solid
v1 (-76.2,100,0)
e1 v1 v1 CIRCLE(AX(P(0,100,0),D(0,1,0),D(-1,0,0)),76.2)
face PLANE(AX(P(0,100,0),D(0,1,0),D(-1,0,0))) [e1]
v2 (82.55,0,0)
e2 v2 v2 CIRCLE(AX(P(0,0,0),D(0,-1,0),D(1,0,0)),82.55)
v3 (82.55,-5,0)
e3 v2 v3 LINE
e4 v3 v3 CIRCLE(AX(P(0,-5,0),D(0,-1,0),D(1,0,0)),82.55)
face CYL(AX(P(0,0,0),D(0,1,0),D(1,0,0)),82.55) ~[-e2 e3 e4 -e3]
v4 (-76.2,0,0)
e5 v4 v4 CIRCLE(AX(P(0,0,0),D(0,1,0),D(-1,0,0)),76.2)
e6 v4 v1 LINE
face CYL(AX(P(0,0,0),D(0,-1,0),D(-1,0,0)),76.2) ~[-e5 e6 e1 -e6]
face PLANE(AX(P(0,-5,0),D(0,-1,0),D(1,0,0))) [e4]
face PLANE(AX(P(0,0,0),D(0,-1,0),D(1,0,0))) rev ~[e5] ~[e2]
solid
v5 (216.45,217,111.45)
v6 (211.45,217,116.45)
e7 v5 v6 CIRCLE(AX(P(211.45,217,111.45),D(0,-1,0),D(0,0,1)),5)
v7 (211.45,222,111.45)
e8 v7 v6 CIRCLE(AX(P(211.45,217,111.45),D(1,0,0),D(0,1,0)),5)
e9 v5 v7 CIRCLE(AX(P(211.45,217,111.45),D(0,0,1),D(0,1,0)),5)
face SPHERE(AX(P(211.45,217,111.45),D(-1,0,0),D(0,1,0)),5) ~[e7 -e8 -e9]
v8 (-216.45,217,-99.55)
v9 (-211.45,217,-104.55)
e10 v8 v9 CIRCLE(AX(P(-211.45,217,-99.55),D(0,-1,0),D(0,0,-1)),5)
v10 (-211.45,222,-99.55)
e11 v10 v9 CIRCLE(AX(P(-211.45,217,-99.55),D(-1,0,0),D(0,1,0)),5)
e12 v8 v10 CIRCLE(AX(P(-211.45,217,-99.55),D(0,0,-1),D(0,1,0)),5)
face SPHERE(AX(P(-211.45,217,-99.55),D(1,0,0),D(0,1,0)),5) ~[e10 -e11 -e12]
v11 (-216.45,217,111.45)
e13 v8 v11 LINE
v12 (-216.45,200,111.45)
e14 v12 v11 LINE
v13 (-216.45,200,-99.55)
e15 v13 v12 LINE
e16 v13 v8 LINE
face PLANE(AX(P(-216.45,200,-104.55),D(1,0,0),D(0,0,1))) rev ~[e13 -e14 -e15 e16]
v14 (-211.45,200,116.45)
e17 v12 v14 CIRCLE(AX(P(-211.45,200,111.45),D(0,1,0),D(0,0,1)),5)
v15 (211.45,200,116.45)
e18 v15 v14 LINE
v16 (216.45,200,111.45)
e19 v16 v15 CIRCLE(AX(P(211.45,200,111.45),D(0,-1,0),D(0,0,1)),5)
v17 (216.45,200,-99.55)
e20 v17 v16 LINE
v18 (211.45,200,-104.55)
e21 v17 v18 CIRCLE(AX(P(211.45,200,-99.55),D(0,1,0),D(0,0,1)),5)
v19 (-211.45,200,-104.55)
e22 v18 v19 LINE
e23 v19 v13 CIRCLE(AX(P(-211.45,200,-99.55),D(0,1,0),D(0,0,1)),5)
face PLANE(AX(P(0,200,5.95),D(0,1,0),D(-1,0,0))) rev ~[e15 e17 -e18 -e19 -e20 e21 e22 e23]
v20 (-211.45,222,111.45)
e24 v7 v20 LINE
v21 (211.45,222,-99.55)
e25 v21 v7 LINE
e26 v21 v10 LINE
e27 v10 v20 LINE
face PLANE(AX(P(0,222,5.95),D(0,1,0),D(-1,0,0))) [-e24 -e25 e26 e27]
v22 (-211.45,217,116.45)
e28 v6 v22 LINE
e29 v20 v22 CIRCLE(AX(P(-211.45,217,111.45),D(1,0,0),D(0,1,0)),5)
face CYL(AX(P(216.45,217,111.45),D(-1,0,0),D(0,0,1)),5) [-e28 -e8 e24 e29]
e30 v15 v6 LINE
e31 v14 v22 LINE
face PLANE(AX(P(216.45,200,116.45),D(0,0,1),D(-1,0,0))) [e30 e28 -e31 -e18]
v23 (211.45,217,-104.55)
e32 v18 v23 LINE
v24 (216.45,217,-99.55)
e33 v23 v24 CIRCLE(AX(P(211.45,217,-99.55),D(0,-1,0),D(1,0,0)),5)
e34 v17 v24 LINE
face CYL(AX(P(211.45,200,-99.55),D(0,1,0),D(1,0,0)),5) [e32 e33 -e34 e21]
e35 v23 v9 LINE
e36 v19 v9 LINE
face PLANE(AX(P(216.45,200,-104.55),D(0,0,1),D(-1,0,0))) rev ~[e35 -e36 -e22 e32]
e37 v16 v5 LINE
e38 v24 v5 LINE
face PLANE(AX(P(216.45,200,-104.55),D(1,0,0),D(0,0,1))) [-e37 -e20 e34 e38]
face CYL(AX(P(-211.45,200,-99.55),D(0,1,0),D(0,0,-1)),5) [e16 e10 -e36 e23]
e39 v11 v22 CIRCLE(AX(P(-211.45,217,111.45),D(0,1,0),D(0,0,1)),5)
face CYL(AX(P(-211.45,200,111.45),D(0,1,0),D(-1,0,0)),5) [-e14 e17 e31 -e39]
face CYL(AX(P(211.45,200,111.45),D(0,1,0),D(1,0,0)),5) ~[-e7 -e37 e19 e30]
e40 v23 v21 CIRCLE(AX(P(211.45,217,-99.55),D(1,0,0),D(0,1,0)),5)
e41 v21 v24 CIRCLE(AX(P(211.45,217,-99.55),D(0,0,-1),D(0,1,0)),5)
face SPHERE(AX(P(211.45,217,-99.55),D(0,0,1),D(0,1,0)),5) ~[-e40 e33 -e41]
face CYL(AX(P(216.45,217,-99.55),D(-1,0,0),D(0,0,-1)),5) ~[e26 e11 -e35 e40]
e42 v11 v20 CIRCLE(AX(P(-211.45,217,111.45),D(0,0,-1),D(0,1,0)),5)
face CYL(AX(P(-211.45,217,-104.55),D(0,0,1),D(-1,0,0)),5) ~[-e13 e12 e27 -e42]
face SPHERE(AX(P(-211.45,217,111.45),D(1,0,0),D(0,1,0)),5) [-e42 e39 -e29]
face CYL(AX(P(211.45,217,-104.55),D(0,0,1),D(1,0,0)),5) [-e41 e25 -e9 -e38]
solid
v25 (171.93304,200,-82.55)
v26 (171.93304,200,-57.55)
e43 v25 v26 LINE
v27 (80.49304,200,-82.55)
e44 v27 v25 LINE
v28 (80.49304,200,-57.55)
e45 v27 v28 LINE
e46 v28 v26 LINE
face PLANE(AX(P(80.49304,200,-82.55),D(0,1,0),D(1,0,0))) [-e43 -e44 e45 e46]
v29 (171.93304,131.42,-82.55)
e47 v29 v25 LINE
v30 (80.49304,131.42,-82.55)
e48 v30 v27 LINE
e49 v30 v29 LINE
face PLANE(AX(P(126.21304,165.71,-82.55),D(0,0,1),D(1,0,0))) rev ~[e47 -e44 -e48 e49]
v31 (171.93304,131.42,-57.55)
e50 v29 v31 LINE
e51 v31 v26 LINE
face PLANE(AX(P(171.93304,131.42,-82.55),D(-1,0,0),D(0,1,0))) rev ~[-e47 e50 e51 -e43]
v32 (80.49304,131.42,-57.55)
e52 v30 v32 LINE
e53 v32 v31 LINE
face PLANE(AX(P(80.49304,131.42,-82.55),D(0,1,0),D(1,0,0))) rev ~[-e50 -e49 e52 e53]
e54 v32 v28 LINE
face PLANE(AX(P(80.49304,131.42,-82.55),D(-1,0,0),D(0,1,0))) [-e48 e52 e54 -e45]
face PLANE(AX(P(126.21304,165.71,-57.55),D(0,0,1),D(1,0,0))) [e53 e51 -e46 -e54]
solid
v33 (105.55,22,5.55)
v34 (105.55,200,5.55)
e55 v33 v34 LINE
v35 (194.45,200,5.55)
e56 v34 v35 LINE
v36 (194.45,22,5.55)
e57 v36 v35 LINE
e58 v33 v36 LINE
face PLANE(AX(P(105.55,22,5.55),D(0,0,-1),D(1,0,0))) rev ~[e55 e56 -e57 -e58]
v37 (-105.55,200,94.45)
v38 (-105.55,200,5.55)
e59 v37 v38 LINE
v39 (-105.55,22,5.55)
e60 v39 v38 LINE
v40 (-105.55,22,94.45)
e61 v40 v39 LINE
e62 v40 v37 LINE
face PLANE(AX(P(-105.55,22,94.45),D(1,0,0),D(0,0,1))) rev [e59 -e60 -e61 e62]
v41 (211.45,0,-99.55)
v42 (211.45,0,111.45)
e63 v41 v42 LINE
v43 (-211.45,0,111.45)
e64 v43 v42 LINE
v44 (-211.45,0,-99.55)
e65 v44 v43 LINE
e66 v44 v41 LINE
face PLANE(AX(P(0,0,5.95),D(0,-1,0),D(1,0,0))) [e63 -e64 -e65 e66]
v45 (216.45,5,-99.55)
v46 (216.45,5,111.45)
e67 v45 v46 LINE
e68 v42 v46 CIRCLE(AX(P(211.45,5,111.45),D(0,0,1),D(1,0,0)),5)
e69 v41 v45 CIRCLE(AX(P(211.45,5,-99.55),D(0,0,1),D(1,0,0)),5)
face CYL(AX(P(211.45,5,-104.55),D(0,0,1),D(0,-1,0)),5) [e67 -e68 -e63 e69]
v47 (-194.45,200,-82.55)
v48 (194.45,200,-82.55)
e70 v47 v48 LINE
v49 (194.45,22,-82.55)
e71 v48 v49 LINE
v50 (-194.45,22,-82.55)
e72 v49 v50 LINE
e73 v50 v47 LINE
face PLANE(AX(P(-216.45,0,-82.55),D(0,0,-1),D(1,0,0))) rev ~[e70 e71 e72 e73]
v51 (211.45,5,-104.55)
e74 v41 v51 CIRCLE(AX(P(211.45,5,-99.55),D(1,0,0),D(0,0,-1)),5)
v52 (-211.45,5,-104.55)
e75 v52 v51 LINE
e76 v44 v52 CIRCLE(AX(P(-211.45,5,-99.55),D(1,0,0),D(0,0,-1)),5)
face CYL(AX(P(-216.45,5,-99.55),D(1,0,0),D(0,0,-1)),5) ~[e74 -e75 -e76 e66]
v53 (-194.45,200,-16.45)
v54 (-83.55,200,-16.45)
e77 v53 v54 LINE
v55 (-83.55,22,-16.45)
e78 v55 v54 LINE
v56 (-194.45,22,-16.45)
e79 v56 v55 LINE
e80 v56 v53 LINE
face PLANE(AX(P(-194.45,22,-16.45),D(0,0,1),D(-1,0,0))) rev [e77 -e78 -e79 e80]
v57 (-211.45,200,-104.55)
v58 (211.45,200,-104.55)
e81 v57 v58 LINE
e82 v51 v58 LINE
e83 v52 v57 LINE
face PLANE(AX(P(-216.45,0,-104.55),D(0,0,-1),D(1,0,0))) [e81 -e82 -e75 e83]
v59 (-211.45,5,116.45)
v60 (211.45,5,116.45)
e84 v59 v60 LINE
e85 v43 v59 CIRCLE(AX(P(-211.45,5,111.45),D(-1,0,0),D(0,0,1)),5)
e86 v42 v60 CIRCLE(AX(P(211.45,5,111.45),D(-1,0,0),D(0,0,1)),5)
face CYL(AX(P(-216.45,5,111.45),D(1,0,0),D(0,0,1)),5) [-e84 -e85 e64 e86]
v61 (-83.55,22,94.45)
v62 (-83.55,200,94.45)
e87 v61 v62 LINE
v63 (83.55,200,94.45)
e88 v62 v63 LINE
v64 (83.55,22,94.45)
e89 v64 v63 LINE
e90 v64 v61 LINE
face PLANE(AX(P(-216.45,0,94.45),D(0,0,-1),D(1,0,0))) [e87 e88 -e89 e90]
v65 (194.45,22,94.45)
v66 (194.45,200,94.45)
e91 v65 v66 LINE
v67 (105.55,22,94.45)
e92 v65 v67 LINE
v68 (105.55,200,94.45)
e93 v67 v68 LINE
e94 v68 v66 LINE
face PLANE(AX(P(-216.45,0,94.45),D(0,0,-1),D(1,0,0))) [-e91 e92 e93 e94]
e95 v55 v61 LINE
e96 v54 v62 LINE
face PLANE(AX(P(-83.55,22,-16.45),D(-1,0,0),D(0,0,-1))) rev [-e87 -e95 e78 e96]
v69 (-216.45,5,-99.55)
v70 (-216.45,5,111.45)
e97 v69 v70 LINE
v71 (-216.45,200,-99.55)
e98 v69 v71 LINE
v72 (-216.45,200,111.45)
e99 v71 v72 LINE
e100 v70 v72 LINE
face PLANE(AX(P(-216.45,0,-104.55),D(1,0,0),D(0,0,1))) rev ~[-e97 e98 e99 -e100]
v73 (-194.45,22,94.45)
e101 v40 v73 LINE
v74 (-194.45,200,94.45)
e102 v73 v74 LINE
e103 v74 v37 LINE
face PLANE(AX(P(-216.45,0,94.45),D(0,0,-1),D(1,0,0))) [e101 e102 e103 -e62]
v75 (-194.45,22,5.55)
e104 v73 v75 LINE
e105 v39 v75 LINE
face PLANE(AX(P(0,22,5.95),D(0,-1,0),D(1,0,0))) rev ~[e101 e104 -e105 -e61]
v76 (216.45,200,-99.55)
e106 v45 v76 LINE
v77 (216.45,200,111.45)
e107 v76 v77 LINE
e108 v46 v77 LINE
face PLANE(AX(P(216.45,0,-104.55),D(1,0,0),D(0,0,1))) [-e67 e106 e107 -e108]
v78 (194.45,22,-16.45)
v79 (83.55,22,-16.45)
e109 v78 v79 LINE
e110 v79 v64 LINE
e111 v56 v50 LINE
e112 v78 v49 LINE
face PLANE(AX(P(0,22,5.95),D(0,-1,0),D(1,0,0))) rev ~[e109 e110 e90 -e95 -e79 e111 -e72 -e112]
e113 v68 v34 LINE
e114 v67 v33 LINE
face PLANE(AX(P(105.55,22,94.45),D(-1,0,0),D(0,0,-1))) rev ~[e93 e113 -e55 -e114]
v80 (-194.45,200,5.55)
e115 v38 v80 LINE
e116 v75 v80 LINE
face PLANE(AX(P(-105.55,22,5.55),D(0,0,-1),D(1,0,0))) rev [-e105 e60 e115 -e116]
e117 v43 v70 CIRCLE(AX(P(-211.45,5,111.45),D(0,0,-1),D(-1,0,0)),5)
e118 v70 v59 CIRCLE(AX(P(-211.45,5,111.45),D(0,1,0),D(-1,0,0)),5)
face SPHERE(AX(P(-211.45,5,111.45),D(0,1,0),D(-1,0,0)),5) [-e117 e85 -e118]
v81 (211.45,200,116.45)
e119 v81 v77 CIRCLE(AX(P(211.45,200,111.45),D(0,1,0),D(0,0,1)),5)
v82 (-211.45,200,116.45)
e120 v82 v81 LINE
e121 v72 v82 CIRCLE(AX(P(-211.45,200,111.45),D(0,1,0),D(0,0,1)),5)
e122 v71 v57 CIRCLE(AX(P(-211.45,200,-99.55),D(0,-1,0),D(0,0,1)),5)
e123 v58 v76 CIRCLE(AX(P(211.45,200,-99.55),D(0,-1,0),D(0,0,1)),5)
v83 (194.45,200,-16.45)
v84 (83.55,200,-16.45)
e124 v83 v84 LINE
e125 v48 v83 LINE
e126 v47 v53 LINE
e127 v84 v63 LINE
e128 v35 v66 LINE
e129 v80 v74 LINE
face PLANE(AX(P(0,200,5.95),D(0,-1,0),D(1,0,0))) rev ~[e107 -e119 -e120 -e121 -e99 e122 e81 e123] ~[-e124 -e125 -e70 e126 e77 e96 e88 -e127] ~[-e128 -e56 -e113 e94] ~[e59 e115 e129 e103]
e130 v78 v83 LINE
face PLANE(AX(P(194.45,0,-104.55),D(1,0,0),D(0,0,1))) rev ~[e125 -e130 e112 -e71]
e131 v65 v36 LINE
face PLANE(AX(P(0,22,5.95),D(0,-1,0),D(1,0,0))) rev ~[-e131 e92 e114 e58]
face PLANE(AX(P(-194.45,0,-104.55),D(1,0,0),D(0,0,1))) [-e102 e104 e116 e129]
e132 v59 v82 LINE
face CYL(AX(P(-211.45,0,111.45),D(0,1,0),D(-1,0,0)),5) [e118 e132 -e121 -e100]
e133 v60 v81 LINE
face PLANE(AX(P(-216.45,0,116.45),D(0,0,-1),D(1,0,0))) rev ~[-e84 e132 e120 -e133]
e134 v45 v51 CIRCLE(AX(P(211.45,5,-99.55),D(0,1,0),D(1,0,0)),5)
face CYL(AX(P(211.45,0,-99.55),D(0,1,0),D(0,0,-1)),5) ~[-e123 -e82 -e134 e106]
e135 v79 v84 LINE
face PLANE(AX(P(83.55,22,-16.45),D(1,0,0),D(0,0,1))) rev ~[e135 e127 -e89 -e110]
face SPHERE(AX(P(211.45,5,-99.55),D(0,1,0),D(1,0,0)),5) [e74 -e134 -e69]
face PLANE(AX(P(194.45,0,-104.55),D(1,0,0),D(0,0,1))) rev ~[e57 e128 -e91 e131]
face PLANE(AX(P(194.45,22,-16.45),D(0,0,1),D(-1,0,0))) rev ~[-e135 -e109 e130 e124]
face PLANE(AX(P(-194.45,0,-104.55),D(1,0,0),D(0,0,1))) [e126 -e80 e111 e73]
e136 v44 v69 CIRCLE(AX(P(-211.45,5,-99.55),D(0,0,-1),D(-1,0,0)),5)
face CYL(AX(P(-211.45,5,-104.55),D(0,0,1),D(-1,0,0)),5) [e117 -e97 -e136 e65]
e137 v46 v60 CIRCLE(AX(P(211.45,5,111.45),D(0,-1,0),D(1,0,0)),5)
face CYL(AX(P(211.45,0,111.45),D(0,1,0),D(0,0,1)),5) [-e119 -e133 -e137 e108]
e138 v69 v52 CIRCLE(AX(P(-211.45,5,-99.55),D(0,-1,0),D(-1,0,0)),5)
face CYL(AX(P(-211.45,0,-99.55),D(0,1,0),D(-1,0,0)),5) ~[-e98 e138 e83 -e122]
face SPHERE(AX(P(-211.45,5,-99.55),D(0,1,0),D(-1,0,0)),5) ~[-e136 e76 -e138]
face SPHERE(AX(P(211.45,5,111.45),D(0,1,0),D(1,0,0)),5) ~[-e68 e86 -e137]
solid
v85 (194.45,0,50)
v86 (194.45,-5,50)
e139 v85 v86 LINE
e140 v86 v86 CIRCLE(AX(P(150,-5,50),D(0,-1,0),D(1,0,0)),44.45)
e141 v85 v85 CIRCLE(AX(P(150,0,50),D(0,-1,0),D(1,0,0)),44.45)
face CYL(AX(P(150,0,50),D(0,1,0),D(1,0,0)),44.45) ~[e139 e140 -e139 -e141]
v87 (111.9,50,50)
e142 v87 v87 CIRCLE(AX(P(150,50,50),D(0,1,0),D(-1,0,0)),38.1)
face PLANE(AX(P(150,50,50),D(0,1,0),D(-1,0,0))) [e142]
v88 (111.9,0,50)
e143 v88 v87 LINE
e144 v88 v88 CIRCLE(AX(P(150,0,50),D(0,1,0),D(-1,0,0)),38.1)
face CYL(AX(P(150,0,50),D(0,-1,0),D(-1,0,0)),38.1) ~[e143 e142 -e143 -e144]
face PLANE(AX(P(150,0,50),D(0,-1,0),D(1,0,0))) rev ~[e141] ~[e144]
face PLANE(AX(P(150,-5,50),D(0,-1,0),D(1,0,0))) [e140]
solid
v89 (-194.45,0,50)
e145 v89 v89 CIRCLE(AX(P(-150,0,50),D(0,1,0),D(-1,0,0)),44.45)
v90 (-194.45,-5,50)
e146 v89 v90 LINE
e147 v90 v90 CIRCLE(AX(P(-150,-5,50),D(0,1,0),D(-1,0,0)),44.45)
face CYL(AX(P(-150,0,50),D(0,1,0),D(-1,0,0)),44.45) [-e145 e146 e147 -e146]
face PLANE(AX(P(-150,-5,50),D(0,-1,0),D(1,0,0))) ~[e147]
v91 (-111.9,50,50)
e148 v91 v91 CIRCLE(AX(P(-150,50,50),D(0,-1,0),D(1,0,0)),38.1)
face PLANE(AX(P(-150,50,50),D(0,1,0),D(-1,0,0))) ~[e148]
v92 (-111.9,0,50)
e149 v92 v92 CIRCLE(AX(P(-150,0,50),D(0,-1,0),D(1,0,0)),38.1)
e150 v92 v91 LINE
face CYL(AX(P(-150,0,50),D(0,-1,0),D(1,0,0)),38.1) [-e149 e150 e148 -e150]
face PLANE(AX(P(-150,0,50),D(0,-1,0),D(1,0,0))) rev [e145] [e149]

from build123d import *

# Parameters (mm, degrees)
F3_R      = 82.55
F4_DEPTH  = 5
F5_R      = 76.2
F6_DEPTH  = 100
F7_R      = 44.45
F8_DEPTH  = 5
F9_R      = 38.1
F10_DEPTH = 50
F12_W     = 432.9
F12_H     = 221
F13_DEPTH = 200
F14_T     = -22
F16_DEPTH = 178
F18_W     = 91.44
F18_H     = 68.58
F19_DEPTH = 25
F20_W     = 432.9
F20_H     = 221
F21_DEPTH = 22
F22_R     = 5
F22_2_R   = 5


with BuildPart() as f4:
    # F3 (on Front) → F4 (new body)
    with BuildSketch(Plane.XZ):
        Circle(F3_R)
    extrude(amount=F4_DEPTH)

    # F5 (on face) → F6 (join)
    with BuildSketch(Plane(origin=(0, 0, 0), x_dir=(-1, 0, 0), z_dir=(0, 1, 0))):
        Circle(F5_R)
    extrude(amount=F6_DEPTH)


with BuildPart() as f8:
    # F7 (on Front) → F8 (new body)
    with BuildSketch(Plane.XZ):
        with Locations((150, 50)):
            Circle(F7_R)
    extrude(amount=F8_DEPTH)

    # F9 (on face) → F10 (join)
    with BuildSketch(Plane(origin=(0, 0, 0), x_dir=(-1, 0, 0), z_dir=(0, 1, 0))):
        with Locations((-150, 50)):
            Circle(F9_R)
    extrude(amount=F10_DEPTH)


with BuildPart() as f11_1:
    # F11: instance of F8
    add(f8.part.mirror(Plane.YZ))


with BuildPart() as f13:
    # F12 (on Front) → F13 (new body)
    with BuildSketch(Plane.XZ):
        with Locations((0, 5.95)):
            Rectangle(F12_W, F12_H)
    extrude(amount=-F13_DEPTH)

    # F14
    f14_openings = [f13.faces().sort_by_distance(p)[0] for p in [
        (0, 200, 5.95),
    ]]
    offset(amount=F14_T, openings=f14_openings)



with BuildPart() as f16:
    # F15 (on face) → F16 (new body, through all)
    with BuildSketch(Plane(origin=(0, 22, 0), x_dir=(-1, 0, 0), z_dir=(0, 1, 0))):
        Polygon((-83.55, 94.45), (-105.55, 94.45), (-105.55, 5.55), (-194.45, 5.55), (-194.45, -16.45), (-83.55, -16.45), align=None)
    extrude(amount=F16_DEPTH)


with BuildPart() as f13_1:
    add(f13.part)

    add(f16.part)  # F17 merges F16
    # F17: F16 across plane
    add(f16.part.mirror(Plane.YZ))

    # F22#2
    f22_2_edges = [f13_1.edges().sort_by_distance(p)[0] for p in [
        (216.45, 100, 116.45),
        (216.45, 100, -104.55),
        (216.45, 0, 5.95),
        (-216.45, 100, 116.45),
        (-216.45, 100, -104.55),
        (-216.45, 0, 5.95),
        (0, 0, 116.45),
        (0, 0, -104.55),
    ]]
    fillet(f22_2_edges, radius=F22_2_R)


with BuildPart() as f19:
    # F18 (on face) → F19 (new body)
    with BuildSketch(Plane.XY.offset(-82.55)):
        with Locations((126.2130402029, 165.71)):
            Rectangle(F18_W, F18_H)
    extrude(amount=F19_DEPTH)


with BuildPart() as f21:
    # F20 (on face) → F21 (new body)
    with BuildSketch(Plane(origin=(0, 200, 0), x_dir=(-1, 0, 0), z_dir=(0, 1, 0))):
        with Locations((0, 5.95)):
            Rectangle(F20_W, F20_H)
    extrude(amount=F21_DEPTH)

    # F22
    f22_edges = [f21.edges().sort_by_distance(p)[0] for p in [
        (0, 222, 116.45),
        (216.45, 222, 5.95),
        (0, 222, -104.55),
        (-216.45, 222, 5.95),
        (216.45, 211, 116.45),
        (216.45, 211, -104.55),
        (-216.45, 211, 116.45),
        (-216.45, 211, -104.55),
    ]]
    fillet(f22_edges, radius=F22_R)


solid = Compound([f4.part, f8.part, f11_1.part, f13_1.part, f19.part, f21.part])
